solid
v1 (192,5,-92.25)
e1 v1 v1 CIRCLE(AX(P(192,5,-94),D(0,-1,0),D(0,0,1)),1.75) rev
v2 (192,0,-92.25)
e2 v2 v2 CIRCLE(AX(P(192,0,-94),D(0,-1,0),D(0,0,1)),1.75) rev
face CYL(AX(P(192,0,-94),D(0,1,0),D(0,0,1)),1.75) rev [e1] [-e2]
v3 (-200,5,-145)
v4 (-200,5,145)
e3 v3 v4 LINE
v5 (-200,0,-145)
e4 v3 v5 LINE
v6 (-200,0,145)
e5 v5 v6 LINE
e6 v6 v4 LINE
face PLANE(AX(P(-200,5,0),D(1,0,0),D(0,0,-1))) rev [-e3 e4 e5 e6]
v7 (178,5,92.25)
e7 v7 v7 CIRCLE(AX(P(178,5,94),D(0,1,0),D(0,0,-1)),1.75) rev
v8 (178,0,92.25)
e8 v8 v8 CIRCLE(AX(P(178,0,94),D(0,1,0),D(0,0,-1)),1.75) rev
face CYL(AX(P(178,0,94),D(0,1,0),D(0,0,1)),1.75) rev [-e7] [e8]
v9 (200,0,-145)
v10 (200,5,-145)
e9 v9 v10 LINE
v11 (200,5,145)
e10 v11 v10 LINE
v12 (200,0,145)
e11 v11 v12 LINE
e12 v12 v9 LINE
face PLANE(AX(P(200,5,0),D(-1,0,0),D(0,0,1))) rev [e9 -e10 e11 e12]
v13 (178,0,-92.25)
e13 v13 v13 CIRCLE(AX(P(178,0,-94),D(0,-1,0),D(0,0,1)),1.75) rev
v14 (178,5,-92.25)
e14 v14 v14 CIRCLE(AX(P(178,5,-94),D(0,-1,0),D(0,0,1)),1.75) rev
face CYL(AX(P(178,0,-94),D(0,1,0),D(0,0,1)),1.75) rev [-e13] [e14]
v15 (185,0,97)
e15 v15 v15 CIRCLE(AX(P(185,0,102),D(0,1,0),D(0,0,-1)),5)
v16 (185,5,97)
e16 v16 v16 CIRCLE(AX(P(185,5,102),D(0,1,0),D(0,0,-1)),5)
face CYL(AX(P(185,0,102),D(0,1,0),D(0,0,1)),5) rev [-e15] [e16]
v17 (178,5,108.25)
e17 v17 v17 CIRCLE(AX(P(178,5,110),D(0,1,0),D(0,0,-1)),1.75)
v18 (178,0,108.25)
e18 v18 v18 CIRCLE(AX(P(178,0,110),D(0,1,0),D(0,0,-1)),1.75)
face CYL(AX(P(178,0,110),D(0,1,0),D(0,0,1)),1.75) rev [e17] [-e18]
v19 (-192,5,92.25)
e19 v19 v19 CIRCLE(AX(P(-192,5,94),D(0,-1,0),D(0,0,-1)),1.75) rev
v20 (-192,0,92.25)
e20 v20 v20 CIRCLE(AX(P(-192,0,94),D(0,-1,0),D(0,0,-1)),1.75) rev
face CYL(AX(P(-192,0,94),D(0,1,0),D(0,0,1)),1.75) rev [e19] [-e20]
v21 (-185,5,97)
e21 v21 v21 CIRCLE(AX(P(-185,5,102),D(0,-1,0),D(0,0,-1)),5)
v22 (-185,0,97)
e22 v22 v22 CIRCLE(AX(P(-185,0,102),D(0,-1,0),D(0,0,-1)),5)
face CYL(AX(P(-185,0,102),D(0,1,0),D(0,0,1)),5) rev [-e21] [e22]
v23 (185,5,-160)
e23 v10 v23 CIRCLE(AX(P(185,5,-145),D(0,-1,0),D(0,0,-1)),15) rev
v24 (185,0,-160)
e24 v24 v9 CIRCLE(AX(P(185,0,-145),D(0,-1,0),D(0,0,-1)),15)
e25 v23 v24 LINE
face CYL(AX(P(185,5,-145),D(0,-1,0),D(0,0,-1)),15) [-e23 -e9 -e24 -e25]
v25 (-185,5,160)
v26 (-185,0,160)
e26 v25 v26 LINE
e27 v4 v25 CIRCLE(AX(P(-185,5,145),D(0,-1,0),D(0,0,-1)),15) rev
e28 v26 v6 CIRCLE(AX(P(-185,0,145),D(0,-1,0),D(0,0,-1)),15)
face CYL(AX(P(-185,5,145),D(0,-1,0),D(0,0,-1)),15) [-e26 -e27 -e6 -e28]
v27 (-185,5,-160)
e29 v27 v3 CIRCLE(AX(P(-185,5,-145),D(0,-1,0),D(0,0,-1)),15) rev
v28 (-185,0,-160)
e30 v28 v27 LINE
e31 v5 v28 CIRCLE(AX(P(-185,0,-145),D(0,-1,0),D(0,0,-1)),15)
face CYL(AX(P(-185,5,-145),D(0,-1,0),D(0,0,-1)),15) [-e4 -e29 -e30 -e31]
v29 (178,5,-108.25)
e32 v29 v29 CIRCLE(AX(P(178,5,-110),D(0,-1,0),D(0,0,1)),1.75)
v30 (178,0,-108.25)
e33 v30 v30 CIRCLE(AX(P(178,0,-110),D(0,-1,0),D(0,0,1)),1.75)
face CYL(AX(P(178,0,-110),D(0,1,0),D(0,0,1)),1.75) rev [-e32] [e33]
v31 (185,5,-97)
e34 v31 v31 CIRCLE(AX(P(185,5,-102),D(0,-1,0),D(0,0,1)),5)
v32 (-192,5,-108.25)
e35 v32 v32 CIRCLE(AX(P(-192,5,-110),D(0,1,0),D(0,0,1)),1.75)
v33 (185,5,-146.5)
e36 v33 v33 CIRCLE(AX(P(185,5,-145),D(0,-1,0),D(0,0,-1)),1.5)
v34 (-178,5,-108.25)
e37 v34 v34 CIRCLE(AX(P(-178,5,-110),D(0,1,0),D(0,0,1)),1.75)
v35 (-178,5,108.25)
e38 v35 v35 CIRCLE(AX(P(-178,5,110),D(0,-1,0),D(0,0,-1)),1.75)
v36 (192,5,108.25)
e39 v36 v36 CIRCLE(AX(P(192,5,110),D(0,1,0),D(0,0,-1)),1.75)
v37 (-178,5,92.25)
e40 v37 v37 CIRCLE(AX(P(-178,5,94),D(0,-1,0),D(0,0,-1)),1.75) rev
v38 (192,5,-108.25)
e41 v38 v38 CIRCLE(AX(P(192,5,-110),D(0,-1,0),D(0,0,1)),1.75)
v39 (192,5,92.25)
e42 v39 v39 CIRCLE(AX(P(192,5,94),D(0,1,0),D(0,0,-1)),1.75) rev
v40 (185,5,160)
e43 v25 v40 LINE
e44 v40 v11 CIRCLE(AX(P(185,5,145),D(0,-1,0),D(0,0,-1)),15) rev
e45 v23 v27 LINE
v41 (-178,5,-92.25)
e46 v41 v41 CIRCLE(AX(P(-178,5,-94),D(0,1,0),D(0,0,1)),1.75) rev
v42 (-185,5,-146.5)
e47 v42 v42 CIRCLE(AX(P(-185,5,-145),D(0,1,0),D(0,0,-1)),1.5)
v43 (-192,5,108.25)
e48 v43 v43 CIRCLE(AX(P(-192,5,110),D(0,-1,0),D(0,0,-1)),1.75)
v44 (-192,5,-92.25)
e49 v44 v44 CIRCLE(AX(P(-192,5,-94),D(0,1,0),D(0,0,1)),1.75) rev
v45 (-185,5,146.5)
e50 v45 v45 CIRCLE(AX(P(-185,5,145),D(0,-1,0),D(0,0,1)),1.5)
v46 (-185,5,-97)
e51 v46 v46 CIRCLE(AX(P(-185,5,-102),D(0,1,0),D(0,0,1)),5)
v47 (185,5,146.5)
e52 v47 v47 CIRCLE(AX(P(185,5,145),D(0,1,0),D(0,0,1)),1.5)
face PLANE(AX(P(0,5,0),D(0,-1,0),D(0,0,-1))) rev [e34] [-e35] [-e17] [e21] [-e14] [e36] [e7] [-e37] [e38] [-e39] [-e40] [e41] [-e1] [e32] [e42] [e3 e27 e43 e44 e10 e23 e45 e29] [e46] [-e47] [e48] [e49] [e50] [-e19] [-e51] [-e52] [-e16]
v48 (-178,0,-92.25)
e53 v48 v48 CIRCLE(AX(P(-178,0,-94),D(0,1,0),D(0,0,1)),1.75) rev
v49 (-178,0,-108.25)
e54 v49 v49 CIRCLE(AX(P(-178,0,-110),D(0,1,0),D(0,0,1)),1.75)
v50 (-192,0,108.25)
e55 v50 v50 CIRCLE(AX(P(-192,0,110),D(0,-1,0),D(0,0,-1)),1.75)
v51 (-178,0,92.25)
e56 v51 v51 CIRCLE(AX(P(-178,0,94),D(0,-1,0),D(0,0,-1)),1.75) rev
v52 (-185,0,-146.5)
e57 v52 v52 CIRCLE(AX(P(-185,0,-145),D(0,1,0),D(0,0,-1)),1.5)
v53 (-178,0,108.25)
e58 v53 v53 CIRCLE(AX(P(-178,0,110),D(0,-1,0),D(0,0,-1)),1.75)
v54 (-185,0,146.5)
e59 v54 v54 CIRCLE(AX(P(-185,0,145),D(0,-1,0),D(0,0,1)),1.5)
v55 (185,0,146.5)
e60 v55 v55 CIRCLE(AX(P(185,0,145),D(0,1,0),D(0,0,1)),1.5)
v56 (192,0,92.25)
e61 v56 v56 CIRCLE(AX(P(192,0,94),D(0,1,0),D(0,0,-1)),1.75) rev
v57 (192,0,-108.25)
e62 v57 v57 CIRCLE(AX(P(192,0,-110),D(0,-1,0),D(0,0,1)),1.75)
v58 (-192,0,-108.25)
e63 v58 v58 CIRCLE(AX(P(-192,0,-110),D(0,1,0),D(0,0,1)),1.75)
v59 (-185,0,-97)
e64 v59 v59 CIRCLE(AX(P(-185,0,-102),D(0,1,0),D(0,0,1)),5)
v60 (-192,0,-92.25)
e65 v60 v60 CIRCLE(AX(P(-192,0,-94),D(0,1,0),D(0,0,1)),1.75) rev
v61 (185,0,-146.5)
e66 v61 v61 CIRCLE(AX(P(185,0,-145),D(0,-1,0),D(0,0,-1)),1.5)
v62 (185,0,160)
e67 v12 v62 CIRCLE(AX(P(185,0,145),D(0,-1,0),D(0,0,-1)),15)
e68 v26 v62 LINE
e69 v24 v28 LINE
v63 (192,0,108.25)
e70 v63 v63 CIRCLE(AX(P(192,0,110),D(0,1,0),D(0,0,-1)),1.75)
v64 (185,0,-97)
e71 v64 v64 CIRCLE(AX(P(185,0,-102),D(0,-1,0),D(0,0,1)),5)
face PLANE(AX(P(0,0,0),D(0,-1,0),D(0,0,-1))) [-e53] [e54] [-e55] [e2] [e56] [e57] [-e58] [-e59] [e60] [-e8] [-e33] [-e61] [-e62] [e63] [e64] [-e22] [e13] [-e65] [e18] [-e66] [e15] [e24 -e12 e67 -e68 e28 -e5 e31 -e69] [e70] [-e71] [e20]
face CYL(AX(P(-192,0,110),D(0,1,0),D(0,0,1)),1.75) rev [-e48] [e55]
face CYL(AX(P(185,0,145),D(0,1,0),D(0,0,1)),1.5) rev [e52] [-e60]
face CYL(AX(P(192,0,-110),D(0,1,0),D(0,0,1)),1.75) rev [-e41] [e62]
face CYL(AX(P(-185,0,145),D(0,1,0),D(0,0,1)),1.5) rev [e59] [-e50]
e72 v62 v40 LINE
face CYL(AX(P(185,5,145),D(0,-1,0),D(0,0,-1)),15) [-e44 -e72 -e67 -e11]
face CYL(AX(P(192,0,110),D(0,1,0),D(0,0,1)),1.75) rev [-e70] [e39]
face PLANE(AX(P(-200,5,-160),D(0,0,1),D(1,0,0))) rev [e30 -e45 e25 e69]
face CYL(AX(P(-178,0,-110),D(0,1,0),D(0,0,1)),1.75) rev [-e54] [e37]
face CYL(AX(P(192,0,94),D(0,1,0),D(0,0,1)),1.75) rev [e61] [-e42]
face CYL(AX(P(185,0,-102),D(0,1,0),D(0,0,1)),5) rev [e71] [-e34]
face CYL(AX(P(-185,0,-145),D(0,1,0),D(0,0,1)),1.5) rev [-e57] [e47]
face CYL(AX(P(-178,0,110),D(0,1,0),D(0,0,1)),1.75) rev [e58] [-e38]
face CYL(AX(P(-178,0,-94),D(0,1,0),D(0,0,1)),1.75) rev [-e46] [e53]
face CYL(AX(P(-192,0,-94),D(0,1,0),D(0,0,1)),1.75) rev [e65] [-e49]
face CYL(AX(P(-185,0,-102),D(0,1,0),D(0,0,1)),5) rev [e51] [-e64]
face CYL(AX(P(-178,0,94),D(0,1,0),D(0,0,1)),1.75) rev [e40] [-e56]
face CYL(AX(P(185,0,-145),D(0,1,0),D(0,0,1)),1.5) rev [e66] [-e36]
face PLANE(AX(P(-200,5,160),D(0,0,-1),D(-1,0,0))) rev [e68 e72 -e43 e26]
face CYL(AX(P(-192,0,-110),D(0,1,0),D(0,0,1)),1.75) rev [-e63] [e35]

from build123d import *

# Parameters (mm, degrees)
EXTRUDE_1_DEPTH                              = 5
FILLET_1_R                                   = 15
SKETCH_2_R                                   = 1.75
SKETCH_2_R_2                                 = 5
CUT_EXTRUDE_2_DEPTH                          = 257.173769149
MIRROR_1_AT_THE_SECOND_PLANE_COPY_1_SKET_R   = 1.75
MIRROR_1_AT_THE_SECOND_PLANE_COPY_1_SKET_R_2 = 5
MIRROR_1_AT_THE_SECOND_PLANE_COPY_1_DEPTH    = 257.173769149
SKETCH_3_R                                   = 1.5
CUT_EXTRUDE_3_DEPTH                          = 257.173769149
MIRROR_2_AT_THE_SECOND_PLANE_COPY_1_SKET_R   = 1.5
MIRROR_2_AT_THE_SECOND_PLANE_COPY_1_DEPTH    = 257.173769149


with BuildPart() as part:
    # 草图1 → 凸台-拉伸1 (new body)
    with BuildSketch(Plane(origin=(0, 0, 0), x_dir=(1, 0, 0), z_dir=(0, 1, 0))):
        Polygon((200, 0), (200, -160), (-200, -160), (-200, 0), (-200, 160), (200, 160), align=None)
    extrude(amount=EXTRUDE_1_DEPTH)

    # 圆角1
    fillet_1_edges = [part.edges().sort_by_distance(p)[0] for p in [
        (-200, 2.5, 160),
        (-200, 2.5, -160),
        (200, 2.5, -160),
        (200, 2.5, 160),
    ]]
    fillet(fillet_1_edges, radius=FILLET_1_R)

    # 草图2 → 切除-拉伸2 (cut, through all)
    with BuildSketch(Plane(origin=(0, 5, 0), x_dir=(1, 0, 0), z_dir=(0, 1, 0))):
        with Locations(Location((-192, 110, 0), (0, 0, 270))):
            Circle(SKETCH_2_R)
        with Locations(Location((-178, 110, 0), (0, 0, 270))):
            Circle(SKETCH_2_R)
        with Locations(Location((-178, 94, 0), (0, 0, 270))):
            Circle(SKETCH_2_R)
        with Locations(Location((-185, 102, 0), (0, 0, 270))):
            Circle(SKETCH_2_R_2)
        with Locations(Location((-192, 94, 0), (0, 0, 270))):
            Circle(SKETCH_2_R)
    cut_extrude_2 = extrude(amount=-CUT_EXTRUDE_2_DEPTH, mode=Mode.SUBTRACT)

    # 镜向1: 切除-拉伸2 across plane
    add(cut_extrude_2.mirror(Plane(origin=(0, 0, 0), x_dir=(0, 0, 1), z_dir=(1, 0, 0))), mode=Mode.SUBTRACT)

    # 镜向1 at the second plane: 切除-拉伸2 across plane
    add(cut_extrude_2.mirror(Plane.XY), mode=Mode.SUBTRACT)

    # 镜向1 at the second plane copy 1 sket → 镜向1 at the second plane copy 1 (cut, through all)
    with BuildSketch(Plane(origin=(0, 5, 0), x_dir=(-1, 0, 0), z_dir=(0, 1, 0))):
        with Locations(Location((-192, 110, 0), (0, 0, 270))):
            Circle(MIRROR_1_AT_THE_SECOND_PLANE_COPY_1_SKET_R)
        with Locations(Location((-178, 110, 0), (0, 0, 270))):
            Circle(MIRROR_1_AT_THE_SECOND_PLANE_COPY_1_SKET_R)
        with Locations(Location((-178, 94, 0), (0, 0, 270))):
            Circle(MIRROR_1_AT_THE_SECOND_PLANE_COPY_1_SKET_R)
        with Locations(Location((-185, 102, 0), (0, 0, 270))):
            Circle(MIRROR_1_AT_THE_SECOND_PLANE_COPY_1_SKET_R_2)
        with Locations(Location((-192, 94, 0), (0, 0, 270))):
            Circle(MIRROR_1_AT_THE_SECOND_PLANE_COPY_1_SKET_R)
    extrude(amount=-MIRROR_1_AT_THE_SECOND_PLANE_COPY_1_DEPTH, mode=Mode.SUBTRACT)

    # 草图3 → 切除-拉伸3 (cut, through all)
    with BuildSketch(Plane(origin=(0, 5, 0), x_dir=(1, 0, 0), z_dir=(0, 1, 0))):
        with Locations(Location((185, -145, 0), (0, 0, 270))):
            Circle(SKETCH_3_R)
    cut_extrude_3 = extrude(amount=-CUT_EXTRUDE_3_DEPTH, mode=Mode.SUBTRACT)

    # 镜向2: 切除-拉伸3 across plane
    add(cut_extrude_3.mirror(Plane.XY), mode=Mode.SUBTRACT)

    # 镜向2 at the second plane: 切除-拉伸3 across plane
    add(cut_extrude_3.mirror(Plane(origin=(0, 0, 0), x_dir=(0, 0, 1), z_dir=(1, 0, 0))), mode=Mode.SUBTRACT)

    # 镜向2 at the second plane copy 1 sket → 镜向2 at the second plane copy 1 (cut, through all)
    with BuildSketch(Plane(origin=(0, 5, 0), x_dir=(-1, 0, 0), z_dir=(0, 1, 0))):
        with Locations(Location((185, -145, 0), (0, 0, 270))):
            Circle(MIRROR_2_AT_THE_SECOND_PLANE_COPY_1_SKET_R)
    extrude(amount=-MIRROR_2_AT_THE_SECOND_PLANE_COPY_1_DEPTH, mode=Mode.SUBTRACT)


solid = part.part
